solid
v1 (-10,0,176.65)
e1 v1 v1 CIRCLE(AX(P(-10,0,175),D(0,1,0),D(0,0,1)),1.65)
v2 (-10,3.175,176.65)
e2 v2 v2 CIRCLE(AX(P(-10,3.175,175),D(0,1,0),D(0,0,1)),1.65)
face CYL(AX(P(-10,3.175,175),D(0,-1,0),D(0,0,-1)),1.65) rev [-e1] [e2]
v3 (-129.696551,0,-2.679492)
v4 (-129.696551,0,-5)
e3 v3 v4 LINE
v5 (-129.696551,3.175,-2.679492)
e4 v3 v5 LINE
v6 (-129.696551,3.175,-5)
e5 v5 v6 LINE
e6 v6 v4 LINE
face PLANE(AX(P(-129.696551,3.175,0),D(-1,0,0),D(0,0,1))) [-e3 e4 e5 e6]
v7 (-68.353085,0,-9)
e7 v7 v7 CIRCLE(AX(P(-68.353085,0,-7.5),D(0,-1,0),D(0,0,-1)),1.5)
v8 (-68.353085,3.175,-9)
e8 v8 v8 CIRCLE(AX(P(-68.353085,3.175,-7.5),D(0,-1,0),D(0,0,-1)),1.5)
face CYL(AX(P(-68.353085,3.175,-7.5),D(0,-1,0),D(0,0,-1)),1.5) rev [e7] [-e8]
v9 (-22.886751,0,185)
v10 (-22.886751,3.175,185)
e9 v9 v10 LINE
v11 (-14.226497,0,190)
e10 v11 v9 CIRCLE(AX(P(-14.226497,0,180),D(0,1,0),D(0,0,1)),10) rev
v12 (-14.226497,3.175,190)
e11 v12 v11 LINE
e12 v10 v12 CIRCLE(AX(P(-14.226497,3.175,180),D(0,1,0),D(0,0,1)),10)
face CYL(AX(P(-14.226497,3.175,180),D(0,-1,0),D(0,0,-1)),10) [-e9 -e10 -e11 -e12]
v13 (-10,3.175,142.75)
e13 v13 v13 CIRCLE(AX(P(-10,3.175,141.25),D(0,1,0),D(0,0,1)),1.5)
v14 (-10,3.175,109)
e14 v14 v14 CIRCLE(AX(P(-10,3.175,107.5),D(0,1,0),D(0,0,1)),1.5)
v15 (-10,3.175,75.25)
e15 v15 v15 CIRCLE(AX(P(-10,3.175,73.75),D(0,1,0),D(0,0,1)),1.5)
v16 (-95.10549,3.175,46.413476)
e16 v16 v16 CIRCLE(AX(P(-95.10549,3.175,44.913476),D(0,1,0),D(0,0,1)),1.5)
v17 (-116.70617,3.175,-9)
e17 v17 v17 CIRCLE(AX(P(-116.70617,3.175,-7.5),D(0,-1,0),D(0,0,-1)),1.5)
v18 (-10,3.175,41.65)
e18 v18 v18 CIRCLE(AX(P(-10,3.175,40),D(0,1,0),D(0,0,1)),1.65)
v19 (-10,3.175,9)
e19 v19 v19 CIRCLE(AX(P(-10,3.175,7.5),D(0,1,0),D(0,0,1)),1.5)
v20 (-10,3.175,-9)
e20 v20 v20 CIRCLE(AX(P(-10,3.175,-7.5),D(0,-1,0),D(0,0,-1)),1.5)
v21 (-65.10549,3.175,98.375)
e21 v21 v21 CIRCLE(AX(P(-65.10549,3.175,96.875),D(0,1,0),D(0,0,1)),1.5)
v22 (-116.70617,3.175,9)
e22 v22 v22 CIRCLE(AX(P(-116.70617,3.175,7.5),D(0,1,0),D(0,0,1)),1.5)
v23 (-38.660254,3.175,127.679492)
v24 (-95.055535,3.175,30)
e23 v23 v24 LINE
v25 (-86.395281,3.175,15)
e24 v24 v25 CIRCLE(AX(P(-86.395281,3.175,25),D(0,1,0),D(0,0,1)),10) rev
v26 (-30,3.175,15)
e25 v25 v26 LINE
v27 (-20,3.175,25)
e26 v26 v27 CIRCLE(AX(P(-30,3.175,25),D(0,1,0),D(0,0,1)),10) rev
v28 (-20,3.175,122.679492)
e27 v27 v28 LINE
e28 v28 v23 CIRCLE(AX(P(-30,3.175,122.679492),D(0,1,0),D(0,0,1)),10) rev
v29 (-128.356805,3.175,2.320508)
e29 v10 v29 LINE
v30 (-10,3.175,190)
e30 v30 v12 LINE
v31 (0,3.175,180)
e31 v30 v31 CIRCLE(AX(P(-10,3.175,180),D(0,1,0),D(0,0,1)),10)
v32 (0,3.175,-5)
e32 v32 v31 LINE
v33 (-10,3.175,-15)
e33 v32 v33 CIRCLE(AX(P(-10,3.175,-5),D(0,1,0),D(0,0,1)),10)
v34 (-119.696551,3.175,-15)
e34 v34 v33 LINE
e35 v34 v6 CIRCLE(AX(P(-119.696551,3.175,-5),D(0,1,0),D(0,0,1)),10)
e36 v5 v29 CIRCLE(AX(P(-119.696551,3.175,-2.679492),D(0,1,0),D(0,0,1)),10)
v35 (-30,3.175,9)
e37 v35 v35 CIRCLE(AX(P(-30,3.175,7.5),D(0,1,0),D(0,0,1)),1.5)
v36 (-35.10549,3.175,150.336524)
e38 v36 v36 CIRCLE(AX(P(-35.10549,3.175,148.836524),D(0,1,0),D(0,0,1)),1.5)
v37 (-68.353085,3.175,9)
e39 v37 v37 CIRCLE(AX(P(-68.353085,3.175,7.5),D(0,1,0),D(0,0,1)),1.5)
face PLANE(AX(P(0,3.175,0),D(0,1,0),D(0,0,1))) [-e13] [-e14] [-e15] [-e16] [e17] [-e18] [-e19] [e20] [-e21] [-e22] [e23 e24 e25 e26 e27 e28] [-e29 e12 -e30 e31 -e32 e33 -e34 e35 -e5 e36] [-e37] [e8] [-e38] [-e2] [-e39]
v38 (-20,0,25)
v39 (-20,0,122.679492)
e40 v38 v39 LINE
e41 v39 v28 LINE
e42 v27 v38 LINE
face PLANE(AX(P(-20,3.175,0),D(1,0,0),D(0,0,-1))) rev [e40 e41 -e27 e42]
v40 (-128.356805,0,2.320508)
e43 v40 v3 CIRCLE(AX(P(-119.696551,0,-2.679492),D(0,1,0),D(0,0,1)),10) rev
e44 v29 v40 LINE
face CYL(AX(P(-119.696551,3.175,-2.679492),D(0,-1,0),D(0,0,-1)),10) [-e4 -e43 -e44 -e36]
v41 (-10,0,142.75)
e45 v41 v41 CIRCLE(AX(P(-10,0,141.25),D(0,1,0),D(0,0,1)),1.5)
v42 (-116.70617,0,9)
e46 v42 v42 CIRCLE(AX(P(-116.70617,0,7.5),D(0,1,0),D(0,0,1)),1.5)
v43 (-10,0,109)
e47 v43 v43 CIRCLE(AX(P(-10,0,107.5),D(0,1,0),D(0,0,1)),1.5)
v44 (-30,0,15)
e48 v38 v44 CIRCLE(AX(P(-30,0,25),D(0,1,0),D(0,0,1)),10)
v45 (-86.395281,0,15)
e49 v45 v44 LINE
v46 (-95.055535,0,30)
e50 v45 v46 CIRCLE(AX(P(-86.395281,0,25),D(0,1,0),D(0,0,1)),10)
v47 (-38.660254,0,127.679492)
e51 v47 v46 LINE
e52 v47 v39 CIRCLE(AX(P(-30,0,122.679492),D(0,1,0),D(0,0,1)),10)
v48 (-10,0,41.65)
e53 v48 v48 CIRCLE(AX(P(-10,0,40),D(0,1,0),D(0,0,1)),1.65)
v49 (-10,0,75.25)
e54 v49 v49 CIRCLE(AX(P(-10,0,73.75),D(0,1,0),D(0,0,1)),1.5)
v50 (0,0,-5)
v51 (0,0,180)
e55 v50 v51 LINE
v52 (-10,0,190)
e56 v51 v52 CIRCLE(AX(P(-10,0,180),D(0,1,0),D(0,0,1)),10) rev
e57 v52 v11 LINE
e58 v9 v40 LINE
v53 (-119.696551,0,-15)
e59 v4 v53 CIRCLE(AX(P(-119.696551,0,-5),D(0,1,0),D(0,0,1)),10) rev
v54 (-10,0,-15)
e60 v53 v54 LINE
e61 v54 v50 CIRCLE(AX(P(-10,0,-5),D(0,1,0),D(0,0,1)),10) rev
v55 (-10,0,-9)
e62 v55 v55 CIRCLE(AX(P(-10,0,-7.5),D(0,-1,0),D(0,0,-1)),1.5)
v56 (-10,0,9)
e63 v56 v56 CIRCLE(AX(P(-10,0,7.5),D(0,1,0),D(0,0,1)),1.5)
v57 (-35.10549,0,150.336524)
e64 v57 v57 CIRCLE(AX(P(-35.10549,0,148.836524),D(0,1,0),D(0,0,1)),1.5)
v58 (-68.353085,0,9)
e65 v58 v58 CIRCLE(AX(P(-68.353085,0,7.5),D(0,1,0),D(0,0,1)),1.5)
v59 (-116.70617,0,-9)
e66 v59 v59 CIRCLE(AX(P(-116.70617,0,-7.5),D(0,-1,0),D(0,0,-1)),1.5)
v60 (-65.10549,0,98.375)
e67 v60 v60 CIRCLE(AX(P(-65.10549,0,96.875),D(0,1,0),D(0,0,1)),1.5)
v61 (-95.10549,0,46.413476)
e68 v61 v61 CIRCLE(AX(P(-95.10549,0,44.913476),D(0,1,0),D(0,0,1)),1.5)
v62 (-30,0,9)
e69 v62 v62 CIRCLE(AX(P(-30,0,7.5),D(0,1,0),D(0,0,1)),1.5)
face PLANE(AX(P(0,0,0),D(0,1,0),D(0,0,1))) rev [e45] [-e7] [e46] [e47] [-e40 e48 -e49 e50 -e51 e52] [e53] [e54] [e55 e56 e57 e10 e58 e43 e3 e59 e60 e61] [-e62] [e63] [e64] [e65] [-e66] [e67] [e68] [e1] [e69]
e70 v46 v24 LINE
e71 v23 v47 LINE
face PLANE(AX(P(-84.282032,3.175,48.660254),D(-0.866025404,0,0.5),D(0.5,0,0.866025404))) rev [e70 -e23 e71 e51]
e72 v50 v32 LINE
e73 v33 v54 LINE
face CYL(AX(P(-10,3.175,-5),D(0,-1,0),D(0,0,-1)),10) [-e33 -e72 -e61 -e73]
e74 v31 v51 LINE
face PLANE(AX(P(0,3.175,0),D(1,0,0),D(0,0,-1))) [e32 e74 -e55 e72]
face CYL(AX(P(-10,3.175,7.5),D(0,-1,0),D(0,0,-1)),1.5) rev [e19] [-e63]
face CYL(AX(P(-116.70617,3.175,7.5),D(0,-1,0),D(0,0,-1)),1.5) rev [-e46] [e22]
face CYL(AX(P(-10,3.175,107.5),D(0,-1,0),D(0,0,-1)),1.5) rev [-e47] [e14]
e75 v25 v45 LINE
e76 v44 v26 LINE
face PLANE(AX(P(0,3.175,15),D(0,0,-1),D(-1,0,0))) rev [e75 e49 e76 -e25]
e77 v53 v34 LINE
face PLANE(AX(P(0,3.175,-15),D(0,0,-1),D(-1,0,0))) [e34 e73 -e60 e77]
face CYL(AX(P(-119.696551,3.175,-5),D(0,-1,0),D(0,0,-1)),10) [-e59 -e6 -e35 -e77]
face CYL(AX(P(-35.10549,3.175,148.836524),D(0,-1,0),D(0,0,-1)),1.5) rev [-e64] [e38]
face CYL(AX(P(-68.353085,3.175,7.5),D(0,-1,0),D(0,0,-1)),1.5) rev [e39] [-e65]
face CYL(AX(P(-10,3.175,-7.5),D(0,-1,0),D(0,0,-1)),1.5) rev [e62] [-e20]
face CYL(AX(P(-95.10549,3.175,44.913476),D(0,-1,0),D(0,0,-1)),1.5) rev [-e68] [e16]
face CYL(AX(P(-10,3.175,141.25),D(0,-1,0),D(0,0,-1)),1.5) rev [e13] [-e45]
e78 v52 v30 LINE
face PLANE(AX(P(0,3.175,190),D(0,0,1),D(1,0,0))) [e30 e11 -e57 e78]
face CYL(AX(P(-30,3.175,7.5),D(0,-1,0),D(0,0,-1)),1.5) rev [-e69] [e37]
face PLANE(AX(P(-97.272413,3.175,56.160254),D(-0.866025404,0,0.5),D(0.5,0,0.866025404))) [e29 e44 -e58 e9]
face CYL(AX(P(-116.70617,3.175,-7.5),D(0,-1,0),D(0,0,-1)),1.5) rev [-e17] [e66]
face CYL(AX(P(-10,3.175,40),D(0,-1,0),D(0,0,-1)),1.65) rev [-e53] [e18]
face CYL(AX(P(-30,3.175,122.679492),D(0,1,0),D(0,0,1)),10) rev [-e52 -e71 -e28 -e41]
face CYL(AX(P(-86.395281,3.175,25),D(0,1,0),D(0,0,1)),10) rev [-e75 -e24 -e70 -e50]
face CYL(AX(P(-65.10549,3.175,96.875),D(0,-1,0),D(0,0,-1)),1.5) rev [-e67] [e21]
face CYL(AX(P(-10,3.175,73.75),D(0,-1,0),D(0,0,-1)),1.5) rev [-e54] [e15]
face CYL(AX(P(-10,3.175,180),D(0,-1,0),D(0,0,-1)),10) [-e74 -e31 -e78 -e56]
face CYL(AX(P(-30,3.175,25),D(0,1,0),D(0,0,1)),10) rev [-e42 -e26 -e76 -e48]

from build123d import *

# Parameters (mm, degrees)
SKETCH1_R           = 1.5
SKETCH1_R_2         = 1.65
BOSS_EXTRUDE1_DEPTH = 3.175
SKETCH2_W           = 129.696551146
SKETCH2_H           = 15
SKETCH2_R           = 1.5
BOSS_EXTRUDE2_DEPTH = 3.175
FILLET1_R           = 10


with BuildPart() as part:
    # Sketch1 → Boss-Extrude1 (new body)
    with BuildSketch(Plane(origin=(0, 0, 0), x_dir=(1, 0, 0), z_dir=(0, 1, 0))):
        Polygon((-20, -190), (0, -190), (0, 0), (-129.696551146, 0), align=None)
        with Locations(Location((-65.10548978, -96.875, 0), (0, 0, 270))):
            Circle(SKETCH1_R, mode=Mode.SUBTRACT)
        with Locations(Location((-10, -175, 0), (0, 0, 270))):
            Circle(SKETCH1_R_2, mode=Mode.SUBTRACT)
        with Locations(Location((-35.10548978, -148.836524227, 0), (0, 0, 270))):
            Circle(SKETCH1_R, mode=Mode.SUBTRACT)
        with BuildLine():
            ThreePointArc((-10, -139.75), (-8.5, -141.25), (-10, -142.75))
            ThreePointArc((-10, -142.75), (-11.5, -141.25), (-10, -139.75))
        make_face(mode=Mode.SUBTRACT)
        with BuildLine():
            ThreePointArc((-10, -106), (-8.5, -107.5), (-10, -109))
            ThreePointArc((-10, -109), (-11.5, -107.5), (-10, -106))
        make_face(mode=Mode.SUBTRACT)
        with Locations(Location((-95.10548978, -44.913475773, 0), (0, 0, 270))):
            Circle(SKETCH1_R, mode=Mode.SUBTRACT)
        with Locations(Location((-116.706170089, -7.5, 0), (0, 0, 270))):
            Circle(SKETCH1_R, mode=Mode.SUBTRACT)
        with Locations(Location((-68.353085045, -7.5, 0), (0, 0, 270))):
            Circle(SKETCH1_R, mode=Mode.SUBTRACT)
        Polygon((-20, -15), (-20, -160), (-103.715789032, -15), align=None, mode=Mode.SUBTRACT)
        with BuildLine():
            ThreePointArc((-10, -72.25), (-8.5, -73.75), (-10, -75.25))
            ThreePointArc((-10, -75.25), (-11.5, -73.75), (-10, -72.25))
        make_face(mode=Mode.SUBTRACT)
        with Locations(Location((-10, -40, 0), (0, 0, 270))):
            Circle(SKETCH1_R_2, mode=Mode.SUBTRACT)
        with Locations(Location((-30, -7.5, 0), (0, 0, 270))):
            Circle(SKETCH1_R, mode=Mode.SUBTRACT)
        with Locations(Location((-10, -7.5, 0), (0, 0, 270))):
            Circle(SKETCH1_R, mode=Mode.SUBTRACT)
    extrude(amount=BOSS_EXTRUDE1_DEPTH)

    # Sketch2 → Boss-Extrude2 (add)
    with BuildSketch(Plane.XZ):
        with Locations((-64.848275573, -7.5)):
            Rectangle(SKETCH2_W, SKETCH2_H)
        with Locations(Location((-116.706170089, -7.5, 0), (0, 0, 270))):
            Circle(SKETCH2_R, mode=Mode.SUBTRACT)
        with Locations(Location((-68.353085045, -7.5, 0), (0, 0, 270))):
            Circle(SKETCH2_R, mode=Mode.SUBTRACT)
        with Locations(Location((-10, -7.5, 0), (0, 0, 270))):
            Circle(SKETCH2_R, mode=Mode.SUBTRACT)
    extrude(amount=-BOSS_EXTRUDE2_DEPTH)

    # Fillet1
    fillet1_edges = [part.edges().sort_by_distance(p)[0] for p in [
        (0, 1.5875, 190),
        (-20, 1.5875, 190),
        (-129.696551146, 1.5875, 0),
        (-103.715789032, 1.5875, 15),
        (-20, 1.5875, 160),
        (-20, 1.5875, 15),
        (0, 1.5875, -15),
        (-129.696551146, 1.5875, -15),
    ]]
    fillet(fillet1_edges, radius=FILLET1_R)


solid = part.part
